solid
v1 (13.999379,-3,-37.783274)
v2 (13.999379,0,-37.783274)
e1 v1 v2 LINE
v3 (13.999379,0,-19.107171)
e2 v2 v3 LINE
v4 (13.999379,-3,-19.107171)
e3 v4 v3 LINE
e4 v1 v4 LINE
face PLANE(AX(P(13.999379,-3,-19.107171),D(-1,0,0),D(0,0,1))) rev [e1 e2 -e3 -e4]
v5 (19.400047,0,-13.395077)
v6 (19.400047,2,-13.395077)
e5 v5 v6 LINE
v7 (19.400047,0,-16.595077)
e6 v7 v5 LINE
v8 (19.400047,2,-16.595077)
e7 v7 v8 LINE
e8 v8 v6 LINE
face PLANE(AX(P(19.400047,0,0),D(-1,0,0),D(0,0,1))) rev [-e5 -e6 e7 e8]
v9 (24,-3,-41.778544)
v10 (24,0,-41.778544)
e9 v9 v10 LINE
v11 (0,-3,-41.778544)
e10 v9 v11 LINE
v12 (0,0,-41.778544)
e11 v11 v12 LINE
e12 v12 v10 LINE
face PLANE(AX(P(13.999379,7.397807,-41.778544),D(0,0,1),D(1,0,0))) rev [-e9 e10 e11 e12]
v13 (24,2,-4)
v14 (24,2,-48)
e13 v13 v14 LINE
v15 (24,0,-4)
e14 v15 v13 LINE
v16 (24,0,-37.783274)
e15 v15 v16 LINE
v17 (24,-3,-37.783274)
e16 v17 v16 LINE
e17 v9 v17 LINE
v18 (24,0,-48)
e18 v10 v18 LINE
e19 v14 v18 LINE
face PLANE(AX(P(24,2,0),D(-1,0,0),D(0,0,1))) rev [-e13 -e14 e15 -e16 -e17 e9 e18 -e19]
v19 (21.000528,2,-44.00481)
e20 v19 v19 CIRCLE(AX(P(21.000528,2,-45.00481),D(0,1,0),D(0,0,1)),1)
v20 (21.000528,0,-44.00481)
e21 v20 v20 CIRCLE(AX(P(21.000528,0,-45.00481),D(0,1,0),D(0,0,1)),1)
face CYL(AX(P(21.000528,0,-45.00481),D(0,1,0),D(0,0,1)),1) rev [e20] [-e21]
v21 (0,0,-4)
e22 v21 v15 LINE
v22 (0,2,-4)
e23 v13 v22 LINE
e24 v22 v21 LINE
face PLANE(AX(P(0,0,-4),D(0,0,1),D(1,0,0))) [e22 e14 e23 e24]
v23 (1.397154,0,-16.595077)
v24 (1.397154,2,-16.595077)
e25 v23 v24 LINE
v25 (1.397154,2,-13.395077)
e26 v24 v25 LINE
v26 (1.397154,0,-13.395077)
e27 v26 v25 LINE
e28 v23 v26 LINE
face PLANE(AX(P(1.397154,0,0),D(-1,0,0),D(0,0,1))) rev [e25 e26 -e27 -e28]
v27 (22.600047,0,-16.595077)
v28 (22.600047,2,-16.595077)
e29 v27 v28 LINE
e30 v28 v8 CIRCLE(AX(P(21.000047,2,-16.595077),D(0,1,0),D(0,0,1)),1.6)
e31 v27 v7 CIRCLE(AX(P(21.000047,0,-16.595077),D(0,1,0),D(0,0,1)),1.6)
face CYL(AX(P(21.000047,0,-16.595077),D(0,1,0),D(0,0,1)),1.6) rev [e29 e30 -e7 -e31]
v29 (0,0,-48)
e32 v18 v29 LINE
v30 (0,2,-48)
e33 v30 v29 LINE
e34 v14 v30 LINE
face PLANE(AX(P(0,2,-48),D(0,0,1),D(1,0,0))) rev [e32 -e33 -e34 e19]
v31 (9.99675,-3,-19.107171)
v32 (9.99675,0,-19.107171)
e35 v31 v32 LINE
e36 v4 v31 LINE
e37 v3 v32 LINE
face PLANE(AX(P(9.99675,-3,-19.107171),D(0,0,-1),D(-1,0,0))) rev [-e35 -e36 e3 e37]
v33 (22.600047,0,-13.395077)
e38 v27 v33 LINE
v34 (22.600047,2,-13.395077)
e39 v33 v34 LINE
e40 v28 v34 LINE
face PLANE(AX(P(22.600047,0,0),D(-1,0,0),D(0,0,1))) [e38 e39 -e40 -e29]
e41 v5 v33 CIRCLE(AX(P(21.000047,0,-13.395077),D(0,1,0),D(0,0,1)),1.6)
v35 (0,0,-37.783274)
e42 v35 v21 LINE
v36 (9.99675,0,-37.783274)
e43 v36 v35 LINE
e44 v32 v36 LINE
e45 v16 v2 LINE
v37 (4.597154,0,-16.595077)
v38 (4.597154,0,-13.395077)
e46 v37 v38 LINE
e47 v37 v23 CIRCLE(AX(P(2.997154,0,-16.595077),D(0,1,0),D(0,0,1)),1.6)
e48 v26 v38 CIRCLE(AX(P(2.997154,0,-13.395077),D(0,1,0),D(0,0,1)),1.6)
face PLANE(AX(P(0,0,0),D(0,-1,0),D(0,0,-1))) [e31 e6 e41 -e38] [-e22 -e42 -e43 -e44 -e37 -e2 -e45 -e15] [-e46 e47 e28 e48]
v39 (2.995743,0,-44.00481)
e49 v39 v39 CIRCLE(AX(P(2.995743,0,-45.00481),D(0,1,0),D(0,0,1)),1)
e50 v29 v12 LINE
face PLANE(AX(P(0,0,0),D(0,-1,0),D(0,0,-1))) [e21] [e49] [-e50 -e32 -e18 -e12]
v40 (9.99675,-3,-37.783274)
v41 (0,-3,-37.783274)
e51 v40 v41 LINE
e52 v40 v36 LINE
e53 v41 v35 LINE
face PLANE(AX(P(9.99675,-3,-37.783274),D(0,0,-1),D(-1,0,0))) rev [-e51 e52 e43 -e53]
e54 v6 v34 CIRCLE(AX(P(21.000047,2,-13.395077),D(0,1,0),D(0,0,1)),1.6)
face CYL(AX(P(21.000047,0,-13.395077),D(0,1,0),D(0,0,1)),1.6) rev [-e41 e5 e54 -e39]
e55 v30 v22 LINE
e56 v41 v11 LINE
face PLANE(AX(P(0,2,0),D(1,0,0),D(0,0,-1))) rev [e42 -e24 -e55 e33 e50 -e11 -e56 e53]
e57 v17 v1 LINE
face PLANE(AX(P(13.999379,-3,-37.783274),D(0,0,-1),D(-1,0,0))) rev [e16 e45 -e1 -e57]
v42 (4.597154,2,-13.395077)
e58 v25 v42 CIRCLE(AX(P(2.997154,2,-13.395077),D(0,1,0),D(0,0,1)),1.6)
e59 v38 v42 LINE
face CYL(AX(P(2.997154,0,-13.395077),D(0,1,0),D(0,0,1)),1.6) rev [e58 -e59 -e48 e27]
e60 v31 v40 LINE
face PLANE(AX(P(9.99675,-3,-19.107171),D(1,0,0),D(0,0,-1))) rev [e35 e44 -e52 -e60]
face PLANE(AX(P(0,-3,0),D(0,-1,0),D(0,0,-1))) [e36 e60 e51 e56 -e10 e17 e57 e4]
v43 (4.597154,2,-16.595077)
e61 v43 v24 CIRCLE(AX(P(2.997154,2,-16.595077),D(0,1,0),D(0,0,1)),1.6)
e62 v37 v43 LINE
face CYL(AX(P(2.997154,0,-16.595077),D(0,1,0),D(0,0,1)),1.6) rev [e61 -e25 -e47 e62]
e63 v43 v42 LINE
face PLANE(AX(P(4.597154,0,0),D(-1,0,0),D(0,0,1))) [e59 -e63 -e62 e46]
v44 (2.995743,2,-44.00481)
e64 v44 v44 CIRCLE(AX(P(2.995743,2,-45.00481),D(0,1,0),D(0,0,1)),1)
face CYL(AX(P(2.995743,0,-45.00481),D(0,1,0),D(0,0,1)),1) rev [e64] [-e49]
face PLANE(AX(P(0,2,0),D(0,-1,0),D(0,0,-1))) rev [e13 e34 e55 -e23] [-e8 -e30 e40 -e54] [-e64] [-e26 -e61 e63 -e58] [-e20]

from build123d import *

# Parameters (mm, degrees)
SKETCH1_W           = 24
SKETCH1_H           = 48
BOSS_EXTRUDE1_DEPTH = 2
SKETCH2_R           = 1
CUT_EXTRUDE1_DEPTH  = 2
SKETCH3_R           = 1.6
CUT_EXTRUDE2_DEPTH  = 2
SKETCH5_W           = 4.002629444
SKETCH5_H           = 28.892829006
BOSS_EXTRUDE2_DEPTH = 3
SKETCH7_W           = 4.002629444
SKETCH7_H           = 6.221455563
CUT_EXTRUDE3_DEPTH  = 3
SKETCH8_W           = 10.000621013
SKETCH8_H           = 3.995270277
SKETCH8_W_2         = 9.996749543
BOSS_EXTRUDE3_DEPTH = 3
SKETCH9_W           = 24
SKETCH9_H           = 2
CUT_EXTRUDE4_DEPTH  = 4


with BuildPart() as part:
    # Sketch1 → Boss-Extrude1 (new body)
    with BuildSketch(Plane(origin=(0, 0, 0), x_dir=(1, 0, 0), z_dir=(0, 1, 0))):
        with Locations((12, 24)):
            Rectangle(SKETCH1_W, SKETCH1_H)
    extrude(amount=BOSS_EXTRUDE1_DEPTH)

    # Sketch2 → Cut-Extrude1 (cut)
    with BuildSketch(Plane(origin=(0, 2, 0), x_dir=(1, 0, 0), z_dir=(0, 1, 0))):
        with Locations(Location((2.995742756, 45.004810193, 0), (0, 0, 270))):
            Circle(SKETCH2_R)
        with Locations(Location((21.000528316, 45.004810193, 0), (0, 0, 270))):
            Circle(SKETCH2_R)
    extrude(amount=-CUT_EXTRUDE1_DEPTH, mode=Mode.SUBTRACT)

    # Sketch3 → Cut-Extrude2 (cut)
    with BuildSketch(Plane(origin=(0, 2, 0), x_dir=(1, 0, 0), z_dir=(0, 1, 0))):
        with Locations((2.997154371, 14.995076851)):
            Circle(SKETCH3_R)
        with Locations((2.997154371, 16.595076851)):
            Circle(SKETCH3_R)
        with Locations((2.997154371, 13.395076851)):
            Circle(SKETCH3_R)
        with BuildLine():
            ThreePointArc((1.611513725, 15.795076851), (1.451673049, 16.180966379), (1.397154371, 16.595076851))
            Line((1.397154371, 16.595076851), (1.397154371, 14.995076851))
            ThreePointArc((1.397154371, 14.995076851), (1.451673049, 15.409187323), (1.611513725, 15.795076851))
        make_face()
        with BuildLine():
            ThreePointArc((1.611513725, 14.195076851), (1.451673049, 14.580966379), (1.397154371, 14.995076851))
            Line((1.397154371, 14.995076851), (1.397154371, 13.395076851))
            ThreePointArc((1.397154371, 13.395076851), (1.451673049, 13.809187323), (1.611513725, 14.195076851))
        make_face()
        with BuildLine():
            Line((4.597154371, 13.395076851), (4.597154371, 14.995076851))
            ThreePointArc((4.597154371, 14.995076851), (4.542635694, 14.580966379), (4.382795018, 14.195076851))
            ThreePointArc((4.382795018, 14.195076851), (4.542635694, 13.809187323), (4.597154371, 13.395076851))
        make_face()
        with BuildLine():
            Line((4.597154371, 14.995076851), (4.597154371, 16.595076851))
            ThreePointArc((4.597154371, 16.595076851), (4.542635694, 16.180966379), (4.382795018, 15.795076851))
            ThreePointArc((4.382795018, 15.795076851), (4.542635694, 15.409187323), (4.597154371, 14.995076851))
        make_face()
        with Locations((21.000046924, 14.995076851)):
            Circle(SKETCH3_R)
        with Locations((21.000046924, 16.595076851)):
            Circle(SKETCH3_R)
        with Locations((21.000046924, 13.395076851)):
            Circle(SKETCH3_R)
        with BuildLine():
            Line((22.600046924, 13.395076851), (22.600046924, 14.995076851))
            ThreePointArc((22.600046924, 14.995076851), (22.545528247, 14.580966379), (22.385687571, 14.195076851))
            ThreePointArc((22.385687571, 14.195076851), (22.545528247, 13.809187323), (22.600046924, 13.395076851))
        make_face()
        with BuildLine():
            Line((22.600046924, 14.995076851), (22.600046924, 16.595076851))
            ThreePointArc((22.600046924, 16.595076851), (22.545528247, 16.180966379), (22.385687571, 15.795076851))
            ThreePointArc((22.385687571, 15.795076851), (22.545528247, 15.409187323), (22.600046924, 14.995076851))
        make_face()
        with BuildLine():
            ThreePointArc((19.614406278, 15.795076851), (19.454565602, 16.180966379), (19.400046924, 16.595076851))
            Line((19.400046924, 16.595076851), (19.400046924, 14.995076851))
            ThreePointArc((19.400046924, 14.995076851), (19.454565602, 15.409187323), (19.614406278, 15.795076851))
        make_face()
        with BuildLine():
            ThreePointArc((19.614406278, 14.195076851), (19.454565602, 14.580966379), (19.400046924, 14.995076851))
            Line((19.400046924, 14.995076851), (19.400046924, 13.395076851))
            ThreePointArc((19.400046924, 13.395076851), (19.454565602, 13.809187323), (19.614406278, 14.195076851))
        make_face()
    extrude(amount=-CUT_EXTRUDE2_DEPTH, mode=Mode.SUBTRACT)

    # Sketch5 → Boss-Extrude2 (add)
    with BuildSketch(Plane(origin=(0, 0, 0), x_dir=(-1, 0, 0), z_dir=(0, -1, 0))):
        with Locations((-11.998064265, 33.553585497)):
            Rectangle(SKETCH5_W, SKETCH5_H)
    extrude(amount=BOSS_EXTRUDE2_DEPTH)

    # Sketch7 → Cut-Extrude3 (cut)
    with BuildSketch(Plane(origin=(0, -3, 0), x_dir=(-1, 0, 0), z_dir=(0, -1, 0))):
        with Locations((-11.998064265, 44.889272218)):
            Rectangle(SKETCH7_W, SKETCH7_H)
    extrude(amount=-CUT_EXTRUDE3_DEPTH, mode=Mode.SUBTRACT)

    # Sketch8 → Boss-Extrude3 (add)
    with BuildSketch(Plane(origin=(0, 0, 0), x_dir=(-1, 0, 0), z_dir=(0, -1, 0))):
        with Locations((-18.999689494, 39.780909299)):
            Rectangle(SKETCH8_W, SKETCH8_H)
        with Locations((-4.998374771, 39.780909299)):
            Rectangle(SKETCH8_W_2, SKETCH8_H)
    extrude(amount=BOSS_EXTRUDE3_DEPTH)

    # Sketch9 → Cut-Extrude4 (cut)
    with BuildSketch(Plane.XY):
        with Locations((12, 1)):
            Rectangle(SKETCH9_W, SKETCH9_H)
    extrude(amount=-CUT_EXTRUDE4_DEPTH, mode=Mode.SUBTRACT)


solid = part.part
